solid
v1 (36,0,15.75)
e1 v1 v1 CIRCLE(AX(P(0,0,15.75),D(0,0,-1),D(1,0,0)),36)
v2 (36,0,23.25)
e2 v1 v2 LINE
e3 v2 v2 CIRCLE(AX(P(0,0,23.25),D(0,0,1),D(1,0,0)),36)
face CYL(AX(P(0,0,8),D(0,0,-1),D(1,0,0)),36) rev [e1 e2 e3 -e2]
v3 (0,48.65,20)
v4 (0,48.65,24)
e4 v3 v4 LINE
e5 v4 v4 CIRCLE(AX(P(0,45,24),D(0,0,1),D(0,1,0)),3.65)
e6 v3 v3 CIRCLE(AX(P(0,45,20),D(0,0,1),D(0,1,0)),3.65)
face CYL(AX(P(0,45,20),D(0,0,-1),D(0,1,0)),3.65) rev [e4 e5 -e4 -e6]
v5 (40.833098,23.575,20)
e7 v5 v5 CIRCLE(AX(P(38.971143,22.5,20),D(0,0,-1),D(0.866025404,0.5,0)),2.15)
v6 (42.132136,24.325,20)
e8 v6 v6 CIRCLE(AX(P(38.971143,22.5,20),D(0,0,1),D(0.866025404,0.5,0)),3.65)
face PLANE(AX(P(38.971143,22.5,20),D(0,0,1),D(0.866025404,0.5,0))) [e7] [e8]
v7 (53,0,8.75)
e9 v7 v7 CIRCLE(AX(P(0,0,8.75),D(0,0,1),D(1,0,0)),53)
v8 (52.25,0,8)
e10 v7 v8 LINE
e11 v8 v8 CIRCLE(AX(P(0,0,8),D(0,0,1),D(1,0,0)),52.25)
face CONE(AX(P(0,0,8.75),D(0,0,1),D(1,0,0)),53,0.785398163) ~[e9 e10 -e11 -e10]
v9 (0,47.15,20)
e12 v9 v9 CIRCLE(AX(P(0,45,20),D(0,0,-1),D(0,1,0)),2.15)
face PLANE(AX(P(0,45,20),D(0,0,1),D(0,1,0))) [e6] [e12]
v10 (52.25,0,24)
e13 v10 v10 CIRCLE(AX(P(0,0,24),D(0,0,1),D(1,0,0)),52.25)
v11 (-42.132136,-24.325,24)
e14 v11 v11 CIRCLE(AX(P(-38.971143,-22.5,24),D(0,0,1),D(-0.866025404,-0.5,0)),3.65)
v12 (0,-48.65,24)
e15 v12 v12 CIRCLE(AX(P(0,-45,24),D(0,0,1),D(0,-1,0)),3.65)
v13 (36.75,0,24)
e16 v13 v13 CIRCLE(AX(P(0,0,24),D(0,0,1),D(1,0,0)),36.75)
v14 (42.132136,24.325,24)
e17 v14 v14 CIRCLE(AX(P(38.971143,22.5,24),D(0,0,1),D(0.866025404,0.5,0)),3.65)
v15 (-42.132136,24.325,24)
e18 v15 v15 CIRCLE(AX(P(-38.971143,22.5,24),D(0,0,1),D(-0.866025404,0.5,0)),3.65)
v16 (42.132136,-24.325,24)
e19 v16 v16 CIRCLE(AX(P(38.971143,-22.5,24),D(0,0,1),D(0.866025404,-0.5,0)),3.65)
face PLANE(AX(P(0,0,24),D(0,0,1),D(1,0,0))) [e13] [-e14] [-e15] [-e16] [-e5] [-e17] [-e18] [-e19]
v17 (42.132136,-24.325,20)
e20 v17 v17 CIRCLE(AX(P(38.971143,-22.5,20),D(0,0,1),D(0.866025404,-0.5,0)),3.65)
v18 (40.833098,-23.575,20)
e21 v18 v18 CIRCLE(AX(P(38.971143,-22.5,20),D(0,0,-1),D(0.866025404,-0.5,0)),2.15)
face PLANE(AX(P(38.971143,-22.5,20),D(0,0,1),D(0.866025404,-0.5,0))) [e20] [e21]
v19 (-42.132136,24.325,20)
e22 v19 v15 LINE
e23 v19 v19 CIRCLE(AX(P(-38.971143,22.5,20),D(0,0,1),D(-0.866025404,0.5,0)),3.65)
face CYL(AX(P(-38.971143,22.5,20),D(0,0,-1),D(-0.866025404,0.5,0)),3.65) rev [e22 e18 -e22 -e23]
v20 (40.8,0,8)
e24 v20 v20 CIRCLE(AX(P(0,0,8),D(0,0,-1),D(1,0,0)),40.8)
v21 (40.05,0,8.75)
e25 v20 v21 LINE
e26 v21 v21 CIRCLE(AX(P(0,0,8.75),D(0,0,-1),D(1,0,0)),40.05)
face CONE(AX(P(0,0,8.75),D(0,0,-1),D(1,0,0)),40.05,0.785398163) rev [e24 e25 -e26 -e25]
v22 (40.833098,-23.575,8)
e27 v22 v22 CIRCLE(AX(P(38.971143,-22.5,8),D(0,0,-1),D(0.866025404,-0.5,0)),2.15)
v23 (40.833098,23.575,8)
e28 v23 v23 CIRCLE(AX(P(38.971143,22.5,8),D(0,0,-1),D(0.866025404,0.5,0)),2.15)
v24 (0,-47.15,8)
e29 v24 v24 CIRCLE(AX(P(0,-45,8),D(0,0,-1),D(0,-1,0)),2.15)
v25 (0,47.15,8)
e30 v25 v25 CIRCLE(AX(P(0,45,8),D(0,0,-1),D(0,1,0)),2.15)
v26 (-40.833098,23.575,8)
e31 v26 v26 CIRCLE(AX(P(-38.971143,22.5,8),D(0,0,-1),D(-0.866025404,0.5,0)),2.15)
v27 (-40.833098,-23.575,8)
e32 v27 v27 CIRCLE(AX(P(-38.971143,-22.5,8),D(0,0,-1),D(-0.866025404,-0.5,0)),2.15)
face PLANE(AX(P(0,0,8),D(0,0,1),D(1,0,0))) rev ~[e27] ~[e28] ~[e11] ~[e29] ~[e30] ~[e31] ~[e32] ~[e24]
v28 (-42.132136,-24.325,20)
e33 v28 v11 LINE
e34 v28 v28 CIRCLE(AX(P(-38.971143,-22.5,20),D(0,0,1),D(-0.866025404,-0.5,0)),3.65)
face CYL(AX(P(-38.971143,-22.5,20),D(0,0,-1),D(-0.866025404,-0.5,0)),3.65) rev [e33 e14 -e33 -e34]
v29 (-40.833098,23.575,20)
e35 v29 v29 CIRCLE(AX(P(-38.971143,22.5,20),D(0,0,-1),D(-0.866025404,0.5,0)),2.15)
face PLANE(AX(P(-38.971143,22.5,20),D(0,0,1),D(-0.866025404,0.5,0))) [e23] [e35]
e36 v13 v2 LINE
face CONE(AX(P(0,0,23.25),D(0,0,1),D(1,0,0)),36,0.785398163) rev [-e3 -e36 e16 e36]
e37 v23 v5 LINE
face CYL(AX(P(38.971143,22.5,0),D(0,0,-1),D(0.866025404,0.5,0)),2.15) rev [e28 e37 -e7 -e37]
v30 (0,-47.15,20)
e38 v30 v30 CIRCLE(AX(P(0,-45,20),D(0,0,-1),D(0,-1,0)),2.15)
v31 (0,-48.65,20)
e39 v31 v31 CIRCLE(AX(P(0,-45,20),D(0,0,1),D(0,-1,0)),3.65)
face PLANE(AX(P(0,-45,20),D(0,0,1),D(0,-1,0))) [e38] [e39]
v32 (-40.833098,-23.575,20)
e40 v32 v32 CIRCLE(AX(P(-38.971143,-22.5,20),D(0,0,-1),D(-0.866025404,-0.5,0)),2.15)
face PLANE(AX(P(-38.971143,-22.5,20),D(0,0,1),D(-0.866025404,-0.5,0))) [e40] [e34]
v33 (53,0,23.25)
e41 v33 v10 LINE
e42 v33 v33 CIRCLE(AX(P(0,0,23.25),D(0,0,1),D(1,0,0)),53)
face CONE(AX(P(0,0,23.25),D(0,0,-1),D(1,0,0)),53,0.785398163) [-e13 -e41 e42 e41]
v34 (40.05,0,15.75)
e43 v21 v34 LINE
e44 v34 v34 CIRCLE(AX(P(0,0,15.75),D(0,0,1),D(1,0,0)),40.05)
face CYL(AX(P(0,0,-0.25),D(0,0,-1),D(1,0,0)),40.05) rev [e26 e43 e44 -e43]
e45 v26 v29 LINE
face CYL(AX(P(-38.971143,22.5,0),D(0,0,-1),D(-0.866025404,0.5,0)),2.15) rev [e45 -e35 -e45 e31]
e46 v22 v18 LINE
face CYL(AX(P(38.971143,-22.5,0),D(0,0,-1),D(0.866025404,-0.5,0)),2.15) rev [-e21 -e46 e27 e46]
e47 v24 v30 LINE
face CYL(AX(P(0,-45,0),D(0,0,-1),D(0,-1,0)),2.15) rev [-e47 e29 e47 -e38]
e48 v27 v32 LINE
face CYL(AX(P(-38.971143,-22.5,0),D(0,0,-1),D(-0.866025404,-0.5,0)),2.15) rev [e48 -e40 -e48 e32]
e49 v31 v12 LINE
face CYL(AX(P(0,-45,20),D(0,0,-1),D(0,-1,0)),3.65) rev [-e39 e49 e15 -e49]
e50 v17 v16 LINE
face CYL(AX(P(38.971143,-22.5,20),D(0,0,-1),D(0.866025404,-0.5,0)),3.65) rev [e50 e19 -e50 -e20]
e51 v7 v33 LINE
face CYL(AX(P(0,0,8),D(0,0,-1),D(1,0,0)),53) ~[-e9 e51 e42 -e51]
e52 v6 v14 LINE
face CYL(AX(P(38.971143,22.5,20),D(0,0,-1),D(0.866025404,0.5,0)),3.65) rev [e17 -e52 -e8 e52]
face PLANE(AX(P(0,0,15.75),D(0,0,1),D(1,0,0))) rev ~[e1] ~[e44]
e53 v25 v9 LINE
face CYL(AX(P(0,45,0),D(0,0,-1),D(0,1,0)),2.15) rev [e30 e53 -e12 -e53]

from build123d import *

# Parameters (mm, degrees)
CYLINDER014005880_R                            = 40.05
CYLINDER014005880_DEPTH                        = 16
CYLINDER014005882_R                            = 3.65
CYLINDER014005882_DEPTH                        = 4
CYLINDER014005881_R                            = 2.15
CYLINDER014005881_DEPTH                        = 24
FUSION001089102007007003008015_PLACEMENT_ANGLE = 60
FUSION001089102007007003008011_PLACEMENT_ANGLE = 120
FUSION001089102007007003008009_PLACEMENT_ANGLE = 180
FUSION001089102007007003008012_PLACEMENT_ANGLE = 240
FUSION001089102007007003008014_PLACEMENT_ANGLE = 60
FUSION001089102007007003008010_PLACEMENT_ANGLE = 30
CYLINDER014005879_R                            = 36
CYLINDER014005879_DEPTH                        = 16
CYLINDER014005878_R                            = 53
CYLINDER014005878_DEPTH                        = 16
CHAMFER013_SIZE                                = 0.75


with BuildPart() as v_lec790:
    # Cylinder014005880 → Cylinder014005880 (new body)
    with BuildSketch(Plane.XY.offset(-0.25)):
        Circle(CYLINDER014005880_R)
    extrude(amount=CYLINDER014005880_DEPTH)


with BuildPart() as v_lec792:
    # Cylinder014005882 → Cylinder014005882 (new body)
    with BuildSketch(Plane(origin=(45, 0, 4), x_dir=(1, 0, 0), z_dir=(0, 0, 1))):
        Circle(CYLINDER014005882_R)
    extrude(amount=CYLINDER014005882_DEPTH)


with BuildPart() as inbusl010:
    # Cylinder014005881 → Cylinder014005881 (new body)
    with BuildSketch(Plane(origin=(45, 0, -16), x_dir=(1, 0, 0), z_dir=(0, 0, 1))):
        Circle(CYLINDER014005881_R)
    extrude(amount=CYLINDER014005881_DEPTH)

    # Fusion001089102007007003008013: union Válec792
    add(v_lec792.part)


with BuildPart() as inbusl012:
    # Fusion001089102007007003008015 base: copy of inbusL010
    add(inbusl010.part)


with BuildPart() as inbusl012_1:
    # Fusion001089102007007003008015 placement: moved
    add(inbusl012.part.rotate(Axis((0, 0, 0), (0, 0, 1)), FUSION001089102007007003008015_PLACEMENT_ANGLE))


with BuildPart() as inbusl008:
    # Fusion001089102007007003008011 base: copy of inbusL010
    add(inbusl010.part)


with BuildPart() as inbusl008_1:
    # Fusion001089102007007003008011 placement: moved
    add(inbusl008.part.rotate(Axis((0, 0, 0), (0, 0, 1)), FUSION001089102007007003008011_PLACEMENT_ANGLE))


with BuildPart() as inbusl007:
    # Fusion001089102007007003008009 base: copy of inbusL010
    add(inbusl010.part)


with BuildPart() as inbusl007_1:
    # Fusion001089102007007003008009 placement: moved
    add(inbusl007.part.rotate(Axis((0, 0, 0), (0, 0, 1)), FUSION001089102007007003008009_PLACEMENT_ANGLE))


with BuildPart() as inbusl009:
    # Fusion001089102007007003008012 base: copy of inbusL010
    add(inbusl010.part)


with BuildPart() as inbusl009_1:
    # Fusion001089102007007003008012 placement: moved
    add(inbusl009.part.rotate(Axis((0, 0, 0), (0, 0, 1)), FUSION001089102007007003008012_PLACEMENT_ANGLE))


with BuildPart() as inbusl011:
    # Fusion001089102007007003008014 base: copy of inbusL010
    add(inbusl010.part)


with BuildPart() as inbusl011_1:
    # Fusion001089102007007003008014 placement: moved
    add(inbusl011.part.rotate(Axis((0, 0, 0), (0, 0, -1)), FUSION001089102007007003008014_PLACEMENT_ANGLE))


with BuildPart() as fusion001089102007007003008010:
    # Fusion001089102007007003008010 base: copy of inbusL010
    add(inbusl010.part)

    # Fusion001089102007007003008010: union inbusL012, inbusL008, inbusL007, inbusL009, inbusL011
    add(inbusl012_1.part)
    add(inbusl008_1.part)
    add(inbusl007_1.part)
    add(inbusl009_1.part)
    add(inbusl011_1.part)


with BuildPart() as fusion001089102007007003008010_1:
    # Fusion001089102007007003008010 placement: moved
    add(fusion001089102007007003008010.part.moved(Location((0, 0, 16))).rotate(Axis((0, 0, 16), (0, 0, 1)), FUSION001089102007007003008010_PLACEMENT_ANGLE))


with BuildPart() as fusion001089102007007003008016:
    # Cylinder014005879 → Cylinder014005879 (new body)
    with BuildSketch(Plane.XY.offset(8)):
        Circle(CYLINDER014005879_R)
    extrude(amount=CYLINDER014005879_DEPTH)

    # Fusion001089102007007003008016: union Válec790, Fusion001089102007007003008010
    add(v_lec790.part)
    add(fusion001089102007007003008010_1.part)


with BuildPart() as outputd:
    # Cylinder014005878 → Cylinder014005878 (new body)
    with BuildSketch(Plane.XY.offset(8)):
        Circle(CYLINDER014005878_R)
    extrude(amount=CYLINDER014005878_DEPTH)

    # Cut009003003009003002: cut Fusion001089102007007003008016
    add(fusion001089102007007003008016.part, mode=Mode.SUBTRACT)

    # Chamfer013
    chamfer013_edges = [outputd.edges().sort_by_distance(p)[0] for p in [
        (-53, 0, 24),
        (-53, 0, 8),
        (-36, 0, 24),
        (-40.05, 0, 8),
    ]]
    chamfer(chamfer013_edges, length=CHAMFER013_SIZE)


solid = outputd.part
